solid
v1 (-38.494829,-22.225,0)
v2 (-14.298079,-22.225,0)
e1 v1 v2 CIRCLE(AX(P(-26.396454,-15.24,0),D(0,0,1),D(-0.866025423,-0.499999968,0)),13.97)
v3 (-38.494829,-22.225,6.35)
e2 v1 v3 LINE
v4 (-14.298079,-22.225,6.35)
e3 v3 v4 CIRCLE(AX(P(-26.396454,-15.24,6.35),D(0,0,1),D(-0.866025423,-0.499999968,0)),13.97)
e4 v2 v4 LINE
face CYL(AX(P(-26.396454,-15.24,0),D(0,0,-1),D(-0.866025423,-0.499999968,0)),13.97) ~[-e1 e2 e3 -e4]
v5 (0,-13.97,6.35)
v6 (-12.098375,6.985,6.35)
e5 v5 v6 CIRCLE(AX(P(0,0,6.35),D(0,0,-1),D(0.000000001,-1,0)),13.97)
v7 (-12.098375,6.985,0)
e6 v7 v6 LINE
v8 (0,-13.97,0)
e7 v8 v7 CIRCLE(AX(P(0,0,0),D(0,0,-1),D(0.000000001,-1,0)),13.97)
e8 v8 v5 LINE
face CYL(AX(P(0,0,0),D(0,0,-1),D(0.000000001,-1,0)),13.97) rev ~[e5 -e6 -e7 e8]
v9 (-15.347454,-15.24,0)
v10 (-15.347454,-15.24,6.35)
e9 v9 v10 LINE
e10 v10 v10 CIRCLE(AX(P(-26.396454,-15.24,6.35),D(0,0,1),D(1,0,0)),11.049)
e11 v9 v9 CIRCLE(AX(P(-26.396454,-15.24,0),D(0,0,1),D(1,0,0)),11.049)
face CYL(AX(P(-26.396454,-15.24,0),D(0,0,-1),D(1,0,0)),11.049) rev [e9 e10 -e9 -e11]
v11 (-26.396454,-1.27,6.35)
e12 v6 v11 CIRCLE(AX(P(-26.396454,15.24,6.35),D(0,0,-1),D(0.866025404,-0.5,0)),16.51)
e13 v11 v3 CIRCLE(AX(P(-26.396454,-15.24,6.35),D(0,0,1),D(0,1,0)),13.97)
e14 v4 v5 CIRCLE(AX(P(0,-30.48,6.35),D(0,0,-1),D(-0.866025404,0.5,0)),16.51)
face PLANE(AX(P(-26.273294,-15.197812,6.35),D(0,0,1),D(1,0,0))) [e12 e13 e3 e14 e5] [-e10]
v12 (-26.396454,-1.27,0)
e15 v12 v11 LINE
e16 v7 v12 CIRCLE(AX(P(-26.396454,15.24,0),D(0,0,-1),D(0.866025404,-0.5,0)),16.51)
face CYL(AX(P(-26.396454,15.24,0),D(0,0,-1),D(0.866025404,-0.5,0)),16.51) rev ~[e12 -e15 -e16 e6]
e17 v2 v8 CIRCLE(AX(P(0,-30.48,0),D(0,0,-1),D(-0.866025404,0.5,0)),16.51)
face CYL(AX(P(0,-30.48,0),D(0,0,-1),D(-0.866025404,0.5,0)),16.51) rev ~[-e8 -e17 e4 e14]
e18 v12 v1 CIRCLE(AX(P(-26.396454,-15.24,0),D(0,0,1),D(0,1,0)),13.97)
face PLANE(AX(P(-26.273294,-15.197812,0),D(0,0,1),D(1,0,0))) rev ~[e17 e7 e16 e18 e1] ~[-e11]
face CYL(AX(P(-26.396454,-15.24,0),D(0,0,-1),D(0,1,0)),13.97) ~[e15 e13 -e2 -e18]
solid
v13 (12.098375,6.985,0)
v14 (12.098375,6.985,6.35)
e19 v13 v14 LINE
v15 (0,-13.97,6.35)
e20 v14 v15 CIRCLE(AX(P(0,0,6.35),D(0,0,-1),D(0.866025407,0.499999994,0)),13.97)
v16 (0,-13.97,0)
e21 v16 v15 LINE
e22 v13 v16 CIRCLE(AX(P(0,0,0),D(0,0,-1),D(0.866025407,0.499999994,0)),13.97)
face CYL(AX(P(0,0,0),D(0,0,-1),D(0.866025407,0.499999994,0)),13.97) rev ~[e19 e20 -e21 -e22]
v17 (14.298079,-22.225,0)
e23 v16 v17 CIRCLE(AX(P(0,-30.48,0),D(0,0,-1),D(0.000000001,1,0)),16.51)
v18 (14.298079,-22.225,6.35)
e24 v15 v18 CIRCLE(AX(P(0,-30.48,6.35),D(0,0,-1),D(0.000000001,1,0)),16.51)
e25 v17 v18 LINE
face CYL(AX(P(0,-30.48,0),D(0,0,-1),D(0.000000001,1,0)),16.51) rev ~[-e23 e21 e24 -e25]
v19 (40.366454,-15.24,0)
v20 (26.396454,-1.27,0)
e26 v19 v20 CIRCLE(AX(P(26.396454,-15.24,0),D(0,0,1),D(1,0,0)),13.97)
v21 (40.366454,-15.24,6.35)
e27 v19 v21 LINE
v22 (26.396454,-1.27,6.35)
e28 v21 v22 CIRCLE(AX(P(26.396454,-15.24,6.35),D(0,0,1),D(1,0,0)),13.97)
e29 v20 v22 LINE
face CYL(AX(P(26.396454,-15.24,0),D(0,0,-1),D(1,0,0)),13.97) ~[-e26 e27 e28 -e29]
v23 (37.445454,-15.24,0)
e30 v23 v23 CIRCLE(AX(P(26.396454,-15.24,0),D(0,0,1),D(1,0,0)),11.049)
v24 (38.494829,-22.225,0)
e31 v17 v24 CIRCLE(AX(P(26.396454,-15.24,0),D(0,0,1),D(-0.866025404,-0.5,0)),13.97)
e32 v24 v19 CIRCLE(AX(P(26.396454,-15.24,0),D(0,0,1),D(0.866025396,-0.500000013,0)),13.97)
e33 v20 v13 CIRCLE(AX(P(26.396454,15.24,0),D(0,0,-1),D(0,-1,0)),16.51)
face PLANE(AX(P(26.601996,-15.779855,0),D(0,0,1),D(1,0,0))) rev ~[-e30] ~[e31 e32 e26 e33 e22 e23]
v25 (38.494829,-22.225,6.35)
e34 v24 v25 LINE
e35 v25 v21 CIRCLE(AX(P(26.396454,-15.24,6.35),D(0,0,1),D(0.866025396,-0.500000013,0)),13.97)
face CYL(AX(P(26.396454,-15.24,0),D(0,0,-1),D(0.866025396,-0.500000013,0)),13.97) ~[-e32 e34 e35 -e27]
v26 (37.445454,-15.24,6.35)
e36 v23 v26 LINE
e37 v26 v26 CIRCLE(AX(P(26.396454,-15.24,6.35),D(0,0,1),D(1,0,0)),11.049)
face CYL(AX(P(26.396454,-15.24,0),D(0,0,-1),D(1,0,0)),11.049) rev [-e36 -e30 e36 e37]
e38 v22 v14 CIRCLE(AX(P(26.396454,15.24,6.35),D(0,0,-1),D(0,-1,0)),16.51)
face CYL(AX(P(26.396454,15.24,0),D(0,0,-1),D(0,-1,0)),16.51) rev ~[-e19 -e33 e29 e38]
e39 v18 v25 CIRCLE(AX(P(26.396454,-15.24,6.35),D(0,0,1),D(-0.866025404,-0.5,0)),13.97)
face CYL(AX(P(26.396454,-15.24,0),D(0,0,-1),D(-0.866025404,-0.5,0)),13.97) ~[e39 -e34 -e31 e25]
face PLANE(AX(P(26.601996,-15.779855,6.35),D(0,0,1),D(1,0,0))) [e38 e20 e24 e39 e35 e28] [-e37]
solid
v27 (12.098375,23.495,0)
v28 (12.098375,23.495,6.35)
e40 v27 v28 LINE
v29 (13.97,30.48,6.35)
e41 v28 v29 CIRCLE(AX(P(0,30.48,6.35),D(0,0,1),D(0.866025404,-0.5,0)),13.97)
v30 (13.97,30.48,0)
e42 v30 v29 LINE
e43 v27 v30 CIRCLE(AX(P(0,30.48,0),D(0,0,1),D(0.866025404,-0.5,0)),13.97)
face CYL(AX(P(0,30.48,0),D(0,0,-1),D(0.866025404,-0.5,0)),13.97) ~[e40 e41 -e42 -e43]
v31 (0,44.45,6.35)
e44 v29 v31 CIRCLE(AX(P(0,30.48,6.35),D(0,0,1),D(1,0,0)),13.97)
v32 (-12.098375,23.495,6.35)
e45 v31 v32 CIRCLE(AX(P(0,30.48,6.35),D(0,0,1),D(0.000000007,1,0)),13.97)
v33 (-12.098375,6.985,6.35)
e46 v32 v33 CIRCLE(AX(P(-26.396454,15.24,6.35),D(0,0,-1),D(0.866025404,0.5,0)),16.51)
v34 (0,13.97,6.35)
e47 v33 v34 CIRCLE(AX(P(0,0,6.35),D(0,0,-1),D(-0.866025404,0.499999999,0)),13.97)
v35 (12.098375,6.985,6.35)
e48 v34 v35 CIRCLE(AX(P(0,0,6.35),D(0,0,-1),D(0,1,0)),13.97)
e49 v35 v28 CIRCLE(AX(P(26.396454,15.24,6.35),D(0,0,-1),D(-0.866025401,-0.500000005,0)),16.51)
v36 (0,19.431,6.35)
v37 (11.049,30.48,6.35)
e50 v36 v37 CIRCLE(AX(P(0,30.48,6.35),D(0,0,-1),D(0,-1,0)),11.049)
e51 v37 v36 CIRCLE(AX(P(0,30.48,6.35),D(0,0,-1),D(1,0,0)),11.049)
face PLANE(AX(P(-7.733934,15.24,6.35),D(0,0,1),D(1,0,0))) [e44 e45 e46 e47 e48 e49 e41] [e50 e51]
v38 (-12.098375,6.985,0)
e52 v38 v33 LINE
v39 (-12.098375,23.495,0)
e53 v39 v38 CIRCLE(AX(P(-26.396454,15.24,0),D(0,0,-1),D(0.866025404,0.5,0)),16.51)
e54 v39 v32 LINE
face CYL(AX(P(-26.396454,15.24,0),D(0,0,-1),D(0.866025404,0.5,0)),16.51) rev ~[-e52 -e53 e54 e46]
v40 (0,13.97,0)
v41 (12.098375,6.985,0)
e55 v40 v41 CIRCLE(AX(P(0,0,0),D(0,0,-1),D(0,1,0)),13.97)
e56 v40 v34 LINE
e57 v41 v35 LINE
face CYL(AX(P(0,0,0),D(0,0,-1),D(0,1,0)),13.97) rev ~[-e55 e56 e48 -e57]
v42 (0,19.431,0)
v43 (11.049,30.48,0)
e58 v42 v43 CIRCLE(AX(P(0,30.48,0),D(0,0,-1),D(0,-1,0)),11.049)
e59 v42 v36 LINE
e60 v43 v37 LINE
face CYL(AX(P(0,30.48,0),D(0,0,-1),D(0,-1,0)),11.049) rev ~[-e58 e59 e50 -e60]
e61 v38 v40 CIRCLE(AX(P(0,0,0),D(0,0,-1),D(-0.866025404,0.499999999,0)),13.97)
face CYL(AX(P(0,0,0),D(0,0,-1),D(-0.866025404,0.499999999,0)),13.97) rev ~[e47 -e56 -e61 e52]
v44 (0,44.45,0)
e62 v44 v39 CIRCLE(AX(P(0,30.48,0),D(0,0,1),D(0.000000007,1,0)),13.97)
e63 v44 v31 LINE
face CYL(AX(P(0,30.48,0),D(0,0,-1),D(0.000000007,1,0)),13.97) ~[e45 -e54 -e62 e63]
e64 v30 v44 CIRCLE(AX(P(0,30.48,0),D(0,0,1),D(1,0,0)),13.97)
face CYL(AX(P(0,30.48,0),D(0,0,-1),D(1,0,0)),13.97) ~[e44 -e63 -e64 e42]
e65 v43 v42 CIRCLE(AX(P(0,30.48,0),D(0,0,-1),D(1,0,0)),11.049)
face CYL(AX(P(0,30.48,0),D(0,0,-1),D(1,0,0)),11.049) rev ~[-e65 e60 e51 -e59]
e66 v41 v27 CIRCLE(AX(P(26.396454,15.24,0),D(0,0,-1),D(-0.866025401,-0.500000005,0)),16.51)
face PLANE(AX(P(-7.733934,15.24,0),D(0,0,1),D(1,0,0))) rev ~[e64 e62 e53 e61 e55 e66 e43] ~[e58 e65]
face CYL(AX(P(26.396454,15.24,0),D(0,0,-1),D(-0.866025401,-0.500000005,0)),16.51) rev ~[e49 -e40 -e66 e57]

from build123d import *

# Parameters (mm, degrees)
F0_R     = 11.049
F1_DEPTH = 6.35


with BuildPart() as f1:
    # F0 (on Top) → F1 (new body)
    with BuildSketch(Plane.XY):
        with BuildLine():
            ThreePointArc((-26.3964543073, -1.27), (-38.4948290673, -8.2549997732), (-38.4948294602, -22.2249995463))
            ThreePointArc((-38.4948294602, -22.2249995463), (-26.3964545693, -29.21), (-14.2980794165, -22.225))
            ThreePointArc((-14.2980794165, -22.225), (-12.9024705141, -18.8557020601), (-12.4264543073, -15.24))
            ThreePointArc((-12.4264543073, -15.24), (-16.5181725742, -5.3617182668), (-26.3964543073, -1.27))
        make_face()
        with Locations((-26.3964543073, -15.24)):
            Circle(F0_R, mode=Mode.SUBTRACT)
        with BuildLine():
            ThreePointArc((-12.0983748951, 6.9849999927), (-18.141454311, 0.9419205814), (-26.3964543073, -1.27))
            ThreePointArc((-26.3964543073, -1.27), (-16.5181725742, -5.3617182668), (-12.4264543073, -15.24))
            ThreePointArc((-12.4264543073, -15.24), (-12.9024705141, -18.8557020601), (-14.2980794165, -22.225))
            ThreePointArc((-14.2980794165, -22.225), (-8.2549999937, -16.1819205799), (1.45e-08, -13.97))
            ThreePointArc((1.45e-08, -13.97), (-12.0983748851, -6.98500001), (-12.0983748951, 6.9849999927))
        make_face()
    extrude(amount=F1_DEPTH)


with BuildPart() as f1b:
    # F0 (on Top) → F1, piece 2 (new body)
    with BuildSketch(Plane.XY):
        with BuildLine():
            ThreePointArc((0, 16.51), (-6.985, 18.3816251091), (-12.0983748909, 23.495))
            ThreePointArc((-12.0983748909, 23.495), (-9.8864543073, 15.2399999958), (-12.0983748951, 6.9849999927))
            ThreePointArc((-12.0983748951, 6.9849999927), (-6.9850000037, 12.0983748888), (0, 13.97))
            Line((0, 13.97), (0, 16.51))
        make_face()
        with BuildLine():
            ThreePointArc((12.0983749373, 6.9849999196), (9.8864543073, 15.2399999536), (12.0983748909, 23.495))
            ThreePointArc((12.0983748909, 23.495), (6.985, 18.3816251091), (0, 16.51))
            Line((0, 16.51), (0, 13.97))
            ThreePointArc((0, 13.97), (6.9850000402, 12.0983748677), (12.0983749373, 6.9849999196))
        make_face()
        with BuildLine():
            ThreePointArc((13.97, 30.48), (9.8782817686, 40.3582816978), (1.001e-07, 44.45))
            ThreePointArc((1.001e-07, 44.45), (-12.0983748658, 37.4650000434), (-12.0983748909, 23.495))
            ThreePointArc((-12.0983748909, 23.495), (-6.985, 18.3816251091), (0, 16.51))
            ThreePointArc((0, 16.51), (6.985, 18.3816251091), (12.0983748909, 23.495))
            ThreePointArc((12.0983748909, 23.495), (13.4939837933, 26.8642979399), (13.97, 30.48))
        make_face()
        with BuildLine():
            ThreePointArc((11.049, 30.48), (7.8128228253, 22.6671771747), (0, 19.431))
            ThreePointArc((0, 19.431), (-7.8128228253, 38.2928228253), (11.049, 30.48))
        make_face(mode=Mode.SUBTRACT)
    extrude(amount=F1_DEPTH)


with BuildPart() as f1c:
    # F0 (on Top) → F1, piece 3 (new body)
    with BuildSketch(Plane.XY):
        with BuildLine():
            ThreePointArc((14.2980794165, -22.225), (26.396454199, -29.21), (38.4948290898, -22.2250001877))
            ThreePointArc((38.4948290898, -22.2250001877), (39.8904380726, -18.8557021648), (40.3664543073, -15.24))
            ThreePointArc((40.3664543073, -15.24), (36.2747360405, -5.3617182668), (26.3964543073, -1.27))
            ThreePointArc((26.3964543073, -1.27), (14.2980794165, -8.255), (14.2980794165, -22.225))
        make_face()
        with Locations((26.3964543073, -15.24)):
            Circle(F0_R, mode=Mode.SUBTRACT)
        with BuildLine():
            ThreePointArc((1.45e-08, -13.97), (8.2550000063, -16.1819205872), (14.2980794165, -22.225))
            ThreePointArc((14.2980794165, -22.225), (14.2980794165, -8.255), (26.3964543073, -1.27))
            ThreePointArc((26.3964543073, -1.27), (18.1414543475, 0.9419205603), (12.0983749373, 6.9849999196))
            ThreePointArc((12.0983749373, 6.9849999196), (13.4939838053, 3.6157020152), (13.97, 0))
            ThreePointArc((13.97, 0), (9.8782817383, -9.878281728), (1.45e-08, -13.97))
        make_face()
    extrude(amount=F1_DEPTH)


solid = Compound([f1.part, f1b.part, f1c.part])
